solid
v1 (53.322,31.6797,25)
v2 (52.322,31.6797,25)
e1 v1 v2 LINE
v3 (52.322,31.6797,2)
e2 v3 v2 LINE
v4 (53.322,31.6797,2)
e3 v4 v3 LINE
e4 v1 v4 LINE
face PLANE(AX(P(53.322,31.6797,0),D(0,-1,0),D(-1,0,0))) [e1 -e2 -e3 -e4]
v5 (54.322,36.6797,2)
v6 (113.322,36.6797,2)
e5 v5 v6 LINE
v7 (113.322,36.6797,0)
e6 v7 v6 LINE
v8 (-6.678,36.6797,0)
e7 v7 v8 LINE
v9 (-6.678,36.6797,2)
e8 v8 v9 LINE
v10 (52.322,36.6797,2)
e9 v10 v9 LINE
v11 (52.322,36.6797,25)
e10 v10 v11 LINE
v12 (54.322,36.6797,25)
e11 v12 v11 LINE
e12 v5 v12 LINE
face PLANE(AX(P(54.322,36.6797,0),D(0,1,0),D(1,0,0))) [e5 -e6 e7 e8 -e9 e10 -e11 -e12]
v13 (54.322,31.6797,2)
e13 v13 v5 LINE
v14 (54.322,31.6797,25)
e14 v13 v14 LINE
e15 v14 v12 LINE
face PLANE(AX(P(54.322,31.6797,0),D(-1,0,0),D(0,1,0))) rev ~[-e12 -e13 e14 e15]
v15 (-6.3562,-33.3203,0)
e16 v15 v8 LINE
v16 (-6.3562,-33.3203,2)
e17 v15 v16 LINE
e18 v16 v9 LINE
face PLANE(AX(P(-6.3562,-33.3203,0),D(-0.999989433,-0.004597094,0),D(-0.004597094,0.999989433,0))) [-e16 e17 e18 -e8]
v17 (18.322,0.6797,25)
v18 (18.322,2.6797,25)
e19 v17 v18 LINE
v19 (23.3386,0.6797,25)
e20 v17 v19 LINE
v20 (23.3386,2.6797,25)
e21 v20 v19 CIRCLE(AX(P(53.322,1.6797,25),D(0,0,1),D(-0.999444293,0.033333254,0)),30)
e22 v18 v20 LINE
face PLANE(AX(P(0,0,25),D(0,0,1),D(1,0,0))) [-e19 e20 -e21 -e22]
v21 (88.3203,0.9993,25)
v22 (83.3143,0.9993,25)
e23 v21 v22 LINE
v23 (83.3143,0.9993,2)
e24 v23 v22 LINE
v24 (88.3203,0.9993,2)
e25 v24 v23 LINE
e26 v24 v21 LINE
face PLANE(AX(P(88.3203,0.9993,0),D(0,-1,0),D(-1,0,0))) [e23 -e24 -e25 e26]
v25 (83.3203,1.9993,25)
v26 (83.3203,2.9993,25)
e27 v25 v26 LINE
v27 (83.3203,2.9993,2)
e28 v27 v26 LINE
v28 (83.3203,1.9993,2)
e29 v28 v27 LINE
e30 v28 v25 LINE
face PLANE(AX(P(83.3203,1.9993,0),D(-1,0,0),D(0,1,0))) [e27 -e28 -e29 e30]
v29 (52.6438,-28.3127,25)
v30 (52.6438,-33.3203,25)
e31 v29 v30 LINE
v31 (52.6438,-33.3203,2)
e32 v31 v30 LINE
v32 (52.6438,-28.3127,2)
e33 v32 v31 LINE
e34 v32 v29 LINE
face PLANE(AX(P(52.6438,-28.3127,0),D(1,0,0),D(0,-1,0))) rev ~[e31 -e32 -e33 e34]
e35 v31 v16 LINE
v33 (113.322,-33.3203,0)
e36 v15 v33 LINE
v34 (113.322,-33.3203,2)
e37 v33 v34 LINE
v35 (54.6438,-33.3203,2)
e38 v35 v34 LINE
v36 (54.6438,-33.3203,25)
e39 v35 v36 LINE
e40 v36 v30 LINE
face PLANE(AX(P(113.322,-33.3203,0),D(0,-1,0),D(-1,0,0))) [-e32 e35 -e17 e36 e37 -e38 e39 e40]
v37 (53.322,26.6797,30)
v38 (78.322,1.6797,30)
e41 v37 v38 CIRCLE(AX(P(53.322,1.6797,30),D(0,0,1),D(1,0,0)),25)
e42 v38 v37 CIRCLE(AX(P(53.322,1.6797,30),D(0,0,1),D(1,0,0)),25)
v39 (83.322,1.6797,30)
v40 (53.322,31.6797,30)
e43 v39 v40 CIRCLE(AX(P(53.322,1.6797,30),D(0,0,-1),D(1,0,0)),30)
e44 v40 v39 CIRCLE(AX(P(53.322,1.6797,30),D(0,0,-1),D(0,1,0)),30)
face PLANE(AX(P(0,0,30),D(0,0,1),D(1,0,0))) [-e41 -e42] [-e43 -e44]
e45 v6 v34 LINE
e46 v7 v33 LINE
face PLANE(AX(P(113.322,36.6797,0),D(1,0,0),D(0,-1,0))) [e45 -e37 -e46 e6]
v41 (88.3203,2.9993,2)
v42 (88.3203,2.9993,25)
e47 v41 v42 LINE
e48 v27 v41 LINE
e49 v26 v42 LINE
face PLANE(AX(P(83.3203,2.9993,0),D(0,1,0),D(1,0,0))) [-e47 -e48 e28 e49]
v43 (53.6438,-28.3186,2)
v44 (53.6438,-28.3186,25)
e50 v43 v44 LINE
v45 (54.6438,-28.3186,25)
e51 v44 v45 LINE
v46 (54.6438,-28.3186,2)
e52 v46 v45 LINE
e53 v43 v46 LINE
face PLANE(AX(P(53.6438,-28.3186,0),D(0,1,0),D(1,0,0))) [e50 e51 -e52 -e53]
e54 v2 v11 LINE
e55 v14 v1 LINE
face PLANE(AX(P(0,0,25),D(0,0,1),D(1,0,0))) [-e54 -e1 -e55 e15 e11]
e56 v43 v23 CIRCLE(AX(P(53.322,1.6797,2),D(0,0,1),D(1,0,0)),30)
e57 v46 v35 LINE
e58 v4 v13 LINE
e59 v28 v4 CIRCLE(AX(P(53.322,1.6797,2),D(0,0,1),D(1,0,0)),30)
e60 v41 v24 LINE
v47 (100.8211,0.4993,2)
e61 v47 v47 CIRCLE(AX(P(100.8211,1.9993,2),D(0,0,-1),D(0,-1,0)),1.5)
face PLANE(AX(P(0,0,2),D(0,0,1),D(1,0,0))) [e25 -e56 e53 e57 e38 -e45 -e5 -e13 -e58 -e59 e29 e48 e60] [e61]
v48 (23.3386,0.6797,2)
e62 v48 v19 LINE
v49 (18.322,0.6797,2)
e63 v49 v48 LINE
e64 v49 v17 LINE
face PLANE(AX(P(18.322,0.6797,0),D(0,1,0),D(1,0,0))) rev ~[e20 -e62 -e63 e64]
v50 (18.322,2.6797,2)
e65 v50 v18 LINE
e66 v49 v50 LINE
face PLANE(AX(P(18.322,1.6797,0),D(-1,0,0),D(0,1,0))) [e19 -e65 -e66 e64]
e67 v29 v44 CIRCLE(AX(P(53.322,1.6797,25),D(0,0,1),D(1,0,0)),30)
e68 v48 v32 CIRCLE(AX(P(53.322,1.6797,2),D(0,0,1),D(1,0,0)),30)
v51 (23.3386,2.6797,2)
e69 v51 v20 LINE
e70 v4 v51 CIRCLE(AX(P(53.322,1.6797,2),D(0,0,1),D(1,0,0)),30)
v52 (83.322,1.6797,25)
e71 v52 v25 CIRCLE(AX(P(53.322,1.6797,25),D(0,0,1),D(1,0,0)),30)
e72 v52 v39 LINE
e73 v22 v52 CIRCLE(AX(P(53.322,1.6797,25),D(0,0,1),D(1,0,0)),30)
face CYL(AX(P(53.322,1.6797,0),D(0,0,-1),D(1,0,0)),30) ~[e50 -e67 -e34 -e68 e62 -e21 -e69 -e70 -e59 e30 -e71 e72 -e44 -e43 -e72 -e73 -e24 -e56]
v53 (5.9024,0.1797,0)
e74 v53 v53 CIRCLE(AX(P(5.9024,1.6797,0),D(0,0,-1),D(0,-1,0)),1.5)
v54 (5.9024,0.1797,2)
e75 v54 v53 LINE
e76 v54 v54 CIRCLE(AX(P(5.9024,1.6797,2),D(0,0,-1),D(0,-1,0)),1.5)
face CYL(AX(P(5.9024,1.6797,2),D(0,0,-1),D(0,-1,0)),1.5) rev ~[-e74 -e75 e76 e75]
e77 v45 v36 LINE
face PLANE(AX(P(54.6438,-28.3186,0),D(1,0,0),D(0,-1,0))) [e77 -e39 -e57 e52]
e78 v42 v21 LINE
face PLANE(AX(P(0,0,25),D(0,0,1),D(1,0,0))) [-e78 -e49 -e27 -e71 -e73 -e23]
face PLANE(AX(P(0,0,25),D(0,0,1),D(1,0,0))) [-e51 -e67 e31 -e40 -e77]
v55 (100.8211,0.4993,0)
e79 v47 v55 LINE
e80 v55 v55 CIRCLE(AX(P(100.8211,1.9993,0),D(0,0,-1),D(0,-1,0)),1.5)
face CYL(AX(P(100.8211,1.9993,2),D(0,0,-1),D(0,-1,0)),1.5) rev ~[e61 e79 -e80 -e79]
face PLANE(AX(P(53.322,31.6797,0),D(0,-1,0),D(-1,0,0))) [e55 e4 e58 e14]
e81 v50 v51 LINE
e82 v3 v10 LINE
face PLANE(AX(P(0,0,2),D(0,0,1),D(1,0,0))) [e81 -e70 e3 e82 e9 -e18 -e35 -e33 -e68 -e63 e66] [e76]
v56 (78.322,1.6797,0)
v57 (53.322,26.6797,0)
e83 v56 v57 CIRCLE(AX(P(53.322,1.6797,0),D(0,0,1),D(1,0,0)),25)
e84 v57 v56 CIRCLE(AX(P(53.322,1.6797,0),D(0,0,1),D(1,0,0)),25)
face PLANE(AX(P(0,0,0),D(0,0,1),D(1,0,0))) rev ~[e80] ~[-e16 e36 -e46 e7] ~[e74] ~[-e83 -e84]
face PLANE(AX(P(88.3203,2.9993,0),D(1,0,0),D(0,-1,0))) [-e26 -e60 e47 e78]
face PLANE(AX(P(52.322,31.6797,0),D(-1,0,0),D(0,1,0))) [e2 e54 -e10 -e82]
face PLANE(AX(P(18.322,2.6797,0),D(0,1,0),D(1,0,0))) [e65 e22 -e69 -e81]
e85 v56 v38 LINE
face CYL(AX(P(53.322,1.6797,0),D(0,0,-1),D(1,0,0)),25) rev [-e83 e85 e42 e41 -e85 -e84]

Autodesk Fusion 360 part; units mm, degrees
sketch "Boceto1" plane through (0, 0, 0) normal (0, 0, 1) x (1, 0, 0)
  circle A0 centre (53.322, 1.6797) radius 25
  circle A1 centre (53.322, 1.6797) radius 30
  line L0 (53.322, 36.6797) -> (113.322, 36.6797)
  line L1 (74.1438, -33.3203) -> (-6.3562, -33.3203)
  line L2 (-6.3562, -33.3203) -> (-6.678, 36.6797)
  line L3 (53.322, 36.6797) -> (-6.678, 36.6797)
  line L4 (53.322, 1.6797) -> (53.322, 36.6797)
  line L5 (113.322, 36.6797) -> (113.322, -33.3203)
  line L6 (113.322, -33.3203) -> (74.1438, -33.3203)
  line L7 (53.322, 31.6797) -> (54.322, 31.6797)
  line L8 (54.322, 31.6797) -> (54.322, 36.6797)
  line L9 (53.322, 31.6797) -> (52.322, 31.6797)
  line L10 (52.322, 31.6797) -> (52.322, 36.6797)
  line L11 (53.6438, -28.3186) -> (54.6438, -28.3186)
  line L12 (54.6438, -28.3186) -> (54.6438, -33.3203)
  line L13 (54.6438, -33.3203) -> (52.6438, -33.3203)
  line L14 (52.6438, -28.3127) -> (52.6438, -33.3203)
  line L15 (83.3203, 1.9993) -> (83.3203, 2.9993)
  line L16 (83.3203, 2.9993) -> (88.3203, 2.9993)
  line L17 (88.3203, 2.9993) -> (88.3203, 0.9993)
  line L18 (88.3203, 0.9993) -> (83.3143, 0.9993)
  line L19 (23.322, 1.6797) -> (18.322, 1.6797)
  line L20 (18.322, 1.6797) -> (18.322, 2.6797)
  line L21 (18.322, 2.6797) -> (23.3386, 2.6797)
  line L22 (18.322, 1.6797) -> (18.322, 0.6797)
  line L23 (18.322, 0.6797) -> (23.3386, 0.6797)
  dimension "d1" = 50
  dimension "d2" = 60
  dimension "d4" = 60
  dimension "d5" = 60
  dimension "d6" = 80.5
  dimension "d7" = 70
  dimension "d16" = 35
  dimension "d28" = 1
  dimension "d29" = 1
  dimension "d32" = 1
  dimension "d33" = 2
  dimension "d34" = 1
  dimension "d35" = 5
  dimension "d36" = 2
  dimension "d37" = 5
  dimension "d38" = 1
  dimension "d39" = 1
extrude "Extruir1" add sketch "Boceto1" along normal blind 30 contours A1 makes body 1
sketch "Boceto4" plane through (0, 0, 0) normal (0, 0, 1) x (1, 0, 0)
extrude "Extruir7" add sketch "Boceto1" along normal blind 25 separate body contours L3 L4 L9 L10 | L0 L4 L7 L8 makes body 2
extrude "Extruir8" add sketch "Boceto1" along normal blind 25 contours A1 L15 L16 L17 L18 | A1 L19 L20 L21 | A1 L19 L22 L23 | A1 L1 L11 L12 L13 L14 bodies 1
extrude "Extruir9" add sketch "Boceto1" along normal blind 2 contours A1 L1 L2 L3 L9 L10 L14 L20 L21 L22 L23 | A1 L0 L1 L5 L6 L7 L8 L11 L12 L15 L16 L17 L18 bodies 1 2
sketch "Boceto6" plane through (0, 0, 2) normal (0, 0, 1) x (-1, 0, 0)
  line L0 (-18.322, -0.6797) -> (-18.322, -2.6797)
  line L1 (-18.322, -2.6797) -> (-23.3386, -2.6797)
  arc A0 (-53.322, -31.6797) -> (-23.3386, -2.6797) centre (-53.322, -1.6797) ccw
  line L2 (-53.322, -31.6797) -> (-52.322, -31.6797)
  line L3 (-52.322, -31.6797) -> (-52.322, -36.6797)
  line L4 (-52.322, -36.6797) -> (6.678, -36.6797)
  line L5 (6.678, -36.6797) -> (6.3562, 33.3203)
  line L6 (6.3562, 33.3203) -> (-52.6438, 33.3203)
  line L7 (-52.6438, 33.3203) -> (-52.6438, 28.3127)
  arc A1 (-23.3386, -0.6797) -> (-52.6438, 28.3127) centre (-53.322, -1.6797) ccw
  line L8 (-23.3386, -0.6797) -> (-18.322, -0.6797)
  line L9 (-18.322, -1.6797) -> (6.5171, -1.6797)
  circle A2 centre (-5.9024, -1.6797) radius 2.5
  line L10 (-88.3203, -2.9993) -> (-88.3203, -0.9993)
  line L11 (-113.322, 33.3203) -> (-113.322, -36.6797)
  line L12 (-88.3203, -1.9993) -> (-113.322, -1.9993)
  circle A3 centre (-100.8211, -1.9993) radius 2.5
  point P0 (-18.322, -1.6797)
  dimension "d44" = 5
  dimension "d45" = 5
hole "Agujero2" at (100.8211, 1.9993, 2) direction (0, 0, -1) diameter 3 depth 10 tip angle 180 bodies 1
hole "Agujero3" at (5.9024, 1.6797, 2) direction (0, 0, -1) diameter 3 depth 10 tip angle 180 bodies 1
equation "d6 = 60 mm + 20.5 mm"
